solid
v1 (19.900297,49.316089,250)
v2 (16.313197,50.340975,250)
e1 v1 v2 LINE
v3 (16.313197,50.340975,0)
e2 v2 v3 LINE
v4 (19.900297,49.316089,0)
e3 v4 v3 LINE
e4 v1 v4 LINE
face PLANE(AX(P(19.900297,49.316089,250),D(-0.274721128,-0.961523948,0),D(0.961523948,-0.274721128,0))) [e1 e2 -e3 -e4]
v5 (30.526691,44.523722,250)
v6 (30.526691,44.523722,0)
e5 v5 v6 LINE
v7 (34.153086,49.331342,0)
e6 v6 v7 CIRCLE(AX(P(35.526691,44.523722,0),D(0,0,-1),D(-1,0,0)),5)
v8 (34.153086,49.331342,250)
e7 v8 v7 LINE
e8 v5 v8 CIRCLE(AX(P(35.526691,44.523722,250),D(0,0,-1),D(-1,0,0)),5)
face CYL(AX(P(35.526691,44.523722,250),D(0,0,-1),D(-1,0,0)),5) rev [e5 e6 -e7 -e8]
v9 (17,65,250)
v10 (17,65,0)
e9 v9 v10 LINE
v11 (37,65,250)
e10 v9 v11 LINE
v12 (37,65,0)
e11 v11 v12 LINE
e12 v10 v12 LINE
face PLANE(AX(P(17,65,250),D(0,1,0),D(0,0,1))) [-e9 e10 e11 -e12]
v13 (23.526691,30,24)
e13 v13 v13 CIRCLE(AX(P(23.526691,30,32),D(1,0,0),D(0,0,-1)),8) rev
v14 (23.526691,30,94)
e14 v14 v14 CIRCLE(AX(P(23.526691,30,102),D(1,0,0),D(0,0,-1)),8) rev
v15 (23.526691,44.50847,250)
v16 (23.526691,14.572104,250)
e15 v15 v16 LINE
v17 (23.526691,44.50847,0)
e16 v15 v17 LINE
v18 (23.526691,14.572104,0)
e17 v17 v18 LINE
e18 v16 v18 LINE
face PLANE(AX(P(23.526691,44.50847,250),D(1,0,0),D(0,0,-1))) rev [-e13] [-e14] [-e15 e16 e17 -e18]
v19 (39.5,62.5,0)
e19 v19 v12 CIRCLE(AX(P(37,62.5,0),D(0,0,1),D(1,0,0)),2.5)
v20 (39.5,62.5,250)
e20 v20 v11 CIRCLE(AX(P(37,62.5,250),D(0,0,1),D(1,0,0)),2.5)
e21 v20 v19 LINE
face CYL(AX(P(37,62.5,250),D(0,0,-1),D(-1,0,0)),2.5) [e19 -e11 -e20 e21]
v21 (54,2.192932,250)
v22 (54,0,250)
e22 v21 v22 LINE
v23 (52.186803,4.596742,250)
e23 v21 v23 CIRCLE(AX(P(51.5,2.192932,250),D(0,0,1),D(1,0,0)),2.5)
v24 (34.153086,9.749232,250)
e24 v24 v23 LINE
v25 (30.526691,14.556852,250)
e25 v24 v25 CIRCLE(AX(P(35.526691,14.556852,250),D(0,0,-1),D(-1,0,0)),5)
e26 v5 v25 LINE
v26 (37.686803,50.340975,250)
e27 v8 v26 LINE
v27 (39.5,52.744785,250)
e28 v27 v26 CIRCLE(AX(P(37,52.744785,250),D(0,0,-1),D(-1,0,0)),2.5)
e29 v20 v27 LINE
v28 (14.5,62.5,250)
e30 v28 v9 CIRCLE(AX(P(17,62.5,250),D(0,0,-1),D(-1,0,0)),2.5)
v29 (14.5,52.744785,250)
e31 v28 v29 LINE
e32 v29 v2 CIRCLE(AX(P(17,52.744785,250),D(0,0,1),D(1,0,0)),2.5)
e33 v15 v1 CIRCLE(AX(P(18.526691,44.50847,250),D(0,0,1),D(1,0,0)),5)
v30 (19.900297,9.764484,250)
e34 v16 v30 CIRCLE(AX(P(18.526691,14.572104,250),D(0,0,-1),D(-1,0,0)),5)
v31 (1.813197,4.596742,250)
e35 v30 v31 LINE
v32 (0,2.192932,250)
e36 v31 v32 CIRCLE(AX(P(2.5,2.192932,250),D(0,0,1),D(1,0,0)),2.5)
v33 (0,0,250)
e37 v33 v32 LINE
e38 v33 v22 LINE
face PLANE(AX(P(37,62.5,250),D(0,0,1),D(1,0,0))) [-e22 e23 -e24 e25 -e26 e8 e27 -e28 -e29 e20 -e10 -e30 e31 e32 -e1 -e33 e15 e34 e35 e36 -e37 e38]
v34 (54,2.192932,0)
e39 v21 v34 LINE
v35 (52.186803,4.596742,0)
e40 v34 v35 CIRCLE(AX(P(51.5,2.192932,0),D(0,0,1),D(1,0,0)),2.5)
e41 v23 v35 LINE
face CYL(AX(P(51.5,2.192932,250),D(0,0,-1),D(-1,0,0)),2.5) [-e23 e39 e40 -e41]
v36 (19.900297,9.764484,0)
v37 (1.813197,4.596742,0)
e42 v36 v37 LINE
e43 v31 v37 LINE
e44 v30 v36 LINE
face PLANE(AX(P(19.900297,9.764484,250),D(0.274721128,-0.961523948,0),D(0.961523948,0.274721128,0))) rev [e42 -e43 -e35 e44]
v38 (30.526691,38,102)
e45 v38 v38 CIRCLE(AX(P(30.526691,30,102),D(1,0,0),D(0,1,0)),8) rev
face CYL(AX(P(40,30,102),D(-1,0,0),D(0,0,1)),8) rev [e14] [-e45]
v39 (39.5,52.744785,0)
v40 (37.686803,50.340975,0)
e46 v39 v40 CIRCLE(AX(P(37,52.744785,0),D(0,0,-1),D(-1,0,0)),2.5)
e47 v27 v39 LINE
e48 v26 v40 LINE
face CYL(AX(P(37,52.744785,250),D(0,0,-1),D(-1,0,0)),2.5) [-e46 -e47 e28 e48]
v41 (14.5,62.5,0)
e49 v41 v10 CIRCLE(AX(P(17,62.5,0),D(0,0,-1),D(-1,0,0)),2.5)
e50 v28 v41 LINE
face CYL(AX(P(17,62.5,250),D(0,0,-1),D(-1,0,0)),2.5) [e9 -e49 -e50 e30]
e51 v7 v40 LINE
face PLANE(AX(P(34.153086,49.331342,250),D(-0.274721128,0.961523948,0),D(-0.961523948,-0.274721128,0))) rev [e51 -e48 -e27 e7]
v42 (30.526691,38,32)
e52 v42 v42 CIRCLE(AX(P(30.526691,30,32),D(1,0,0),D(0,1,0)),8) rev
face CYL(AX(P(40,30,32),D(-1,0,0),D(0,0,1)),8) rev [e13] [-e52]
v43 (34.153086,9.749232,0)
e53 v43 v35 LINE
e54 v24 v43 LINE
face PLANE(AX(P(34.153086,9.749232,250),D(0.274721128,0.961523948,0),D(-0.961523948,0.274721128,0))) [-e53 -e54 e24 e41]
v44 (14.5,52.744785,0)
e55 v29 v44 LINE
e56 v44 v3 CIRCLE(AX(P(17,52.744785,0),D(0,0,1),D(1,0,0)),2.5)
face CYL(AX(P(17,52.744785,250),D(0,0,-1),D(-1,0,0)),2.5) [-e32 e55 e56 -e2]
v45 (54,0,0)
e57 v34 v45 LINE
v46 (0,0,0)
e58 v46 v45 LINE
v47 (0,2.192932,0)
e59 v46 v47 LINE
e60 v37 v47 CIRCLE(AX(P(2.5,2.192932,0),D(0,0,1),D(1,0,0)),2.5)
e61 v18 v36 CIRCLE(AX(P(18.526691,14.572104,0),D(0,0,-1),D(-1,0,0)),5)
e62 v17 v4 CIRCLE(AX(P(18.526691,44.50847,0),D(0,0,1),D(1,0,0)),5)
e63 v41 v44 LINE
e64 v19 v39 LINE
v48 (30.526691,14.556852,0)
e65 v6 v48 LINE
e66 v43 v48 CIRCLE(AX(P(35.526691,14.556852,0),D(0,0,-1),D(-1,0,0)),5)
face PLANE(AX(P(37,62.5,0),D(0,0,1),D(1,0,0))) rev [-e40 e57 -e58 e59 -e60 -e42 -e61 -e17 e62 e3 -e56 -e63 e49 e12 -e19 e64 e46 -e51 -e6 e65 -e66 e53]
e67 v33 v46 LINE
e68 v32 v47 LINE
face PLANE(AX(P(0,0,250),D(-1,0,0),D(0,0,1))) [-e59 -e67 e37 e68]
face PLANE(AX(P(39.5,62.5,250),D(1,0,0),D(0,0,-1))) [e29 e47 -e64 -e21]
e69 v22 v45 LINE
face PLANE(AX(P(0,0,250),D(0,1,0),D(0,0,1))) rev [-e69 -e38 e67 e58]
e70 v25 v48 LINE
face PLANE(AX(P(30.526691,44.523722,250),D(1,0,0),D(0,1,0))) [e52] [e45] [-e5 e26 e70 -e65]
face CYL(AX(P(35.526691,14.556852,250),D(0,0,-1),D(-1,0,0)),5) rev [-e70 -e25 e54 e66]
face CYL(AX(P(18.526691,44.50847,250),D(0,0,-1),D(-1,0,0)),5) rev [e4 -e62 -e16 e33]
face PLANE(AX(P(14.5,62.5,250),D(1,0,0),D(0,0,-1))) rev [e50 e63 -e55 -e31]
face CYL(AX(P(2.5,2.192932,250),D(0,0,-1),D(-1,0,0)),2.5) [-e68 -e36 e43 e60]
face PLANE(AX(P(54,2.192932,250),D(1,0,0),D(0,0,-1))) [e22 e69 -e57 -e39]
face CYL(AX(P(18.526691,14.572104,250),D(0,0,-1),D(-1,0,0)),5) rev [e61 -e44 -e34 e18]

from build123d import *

# Parameters (mm, degrees)
EXTRUDE_1_DEPTH     = 250
SKETCH_7_R          = 8
CUT_EXTRUDE_2_DEPTH = 40


with BuildPart() as part:
    # 草图1 → 凸台-拉伸1 (new body)
    with BuildSketch(Plane.XY):
        with BuildLine():
            Line((0, 0), (54, 0))
            Line((54, 0), (54, 2.192931695))
            ThreePointArc((54, 2.192931695), (53.49587162, 3.698420478), (52.18680282, 4.596741564))
            Line((52.18680282, 4.596741564), (34.153085808, 9.749232139))
            ThreePointArc((34.153085808, 9.749232139), (31.534948207, 11.545874311), (30.526691448, 14.556851877))
            Line((30.526691448, 14.556851877), (30.526691448, 44.523721966))
            ThreePointArc((30.526691448, 44.523721966), (31.534948207, 47.534699532), (34.153085808, 49.331341705))
            Line((34.153085808, 49.331341705), (37.68680282, 50.340975136))
            ThreePointArc((37.68680282, 50.340975136), (38.99587162, 51.239296223), (39.5, 52.744785005))
            Line((39.5, 52.744785005), (39.5, 62.5))
            ThreePointArc((39.5, 62.5), (38.767766953, 64.267766953), (37, 65))
            Line((37, 65), (17, 65))
            ThreePointArc((17, 65), (15.232233047, 64.267766953), (14.5, 62.5))
            Line((14.5, 62.5), (14.5, 52.744785005))
            ThreePointArc((14.5, 52.744785005), (15.00412838, 51.239296223), (16.31319718, 50.340975136))
            Line((16.31319718, 50.340975136), (19.900297087, 49.316089449))
            ThreePointArc((19.900297087, 49.316089449), (22.518434689, 47.519447276), (23.526691448, 44.50846971))
            Line((23.526691448, 44.50846971), (23.526691448, 14.572104133))
            ThreePointArc((23.526691448, 14.572104133), (22.518434689, 11.561126567), (19.900297087, 9.764484395))
            Line((19.900297087, 9.764484395), (1.81319718, 4.596741564))
            ThreePointArc((1.81319718, 4.596741564), (0.50412838, 3.698420478), (0, 2.192931695))
            Line((0, 2.192931695), (0, 0))
        make_face()
    extrude(amount=EXTRUDE_1_DEPTH)

    # 草图7 → 切除-拉伸2 (cut)
    with BuildSketch(Plane(origin=(0, 0, 0), x_dir=(0, 0, -1), z_dir=(1, 0, 0))):
        with Locations(Location((-32, 30, 0), (0, 0, 90))):
            Circle(SKETCH_7_R)
        with Locations(Location((-102, 30, 0), (0, 0, 90))):
            Circle(SKETCH_7_R)
    extrude(amount=CUT_EXTRUDE_2_DEPTH, mode=Mode.SUBTRACT)


solid = part.part
